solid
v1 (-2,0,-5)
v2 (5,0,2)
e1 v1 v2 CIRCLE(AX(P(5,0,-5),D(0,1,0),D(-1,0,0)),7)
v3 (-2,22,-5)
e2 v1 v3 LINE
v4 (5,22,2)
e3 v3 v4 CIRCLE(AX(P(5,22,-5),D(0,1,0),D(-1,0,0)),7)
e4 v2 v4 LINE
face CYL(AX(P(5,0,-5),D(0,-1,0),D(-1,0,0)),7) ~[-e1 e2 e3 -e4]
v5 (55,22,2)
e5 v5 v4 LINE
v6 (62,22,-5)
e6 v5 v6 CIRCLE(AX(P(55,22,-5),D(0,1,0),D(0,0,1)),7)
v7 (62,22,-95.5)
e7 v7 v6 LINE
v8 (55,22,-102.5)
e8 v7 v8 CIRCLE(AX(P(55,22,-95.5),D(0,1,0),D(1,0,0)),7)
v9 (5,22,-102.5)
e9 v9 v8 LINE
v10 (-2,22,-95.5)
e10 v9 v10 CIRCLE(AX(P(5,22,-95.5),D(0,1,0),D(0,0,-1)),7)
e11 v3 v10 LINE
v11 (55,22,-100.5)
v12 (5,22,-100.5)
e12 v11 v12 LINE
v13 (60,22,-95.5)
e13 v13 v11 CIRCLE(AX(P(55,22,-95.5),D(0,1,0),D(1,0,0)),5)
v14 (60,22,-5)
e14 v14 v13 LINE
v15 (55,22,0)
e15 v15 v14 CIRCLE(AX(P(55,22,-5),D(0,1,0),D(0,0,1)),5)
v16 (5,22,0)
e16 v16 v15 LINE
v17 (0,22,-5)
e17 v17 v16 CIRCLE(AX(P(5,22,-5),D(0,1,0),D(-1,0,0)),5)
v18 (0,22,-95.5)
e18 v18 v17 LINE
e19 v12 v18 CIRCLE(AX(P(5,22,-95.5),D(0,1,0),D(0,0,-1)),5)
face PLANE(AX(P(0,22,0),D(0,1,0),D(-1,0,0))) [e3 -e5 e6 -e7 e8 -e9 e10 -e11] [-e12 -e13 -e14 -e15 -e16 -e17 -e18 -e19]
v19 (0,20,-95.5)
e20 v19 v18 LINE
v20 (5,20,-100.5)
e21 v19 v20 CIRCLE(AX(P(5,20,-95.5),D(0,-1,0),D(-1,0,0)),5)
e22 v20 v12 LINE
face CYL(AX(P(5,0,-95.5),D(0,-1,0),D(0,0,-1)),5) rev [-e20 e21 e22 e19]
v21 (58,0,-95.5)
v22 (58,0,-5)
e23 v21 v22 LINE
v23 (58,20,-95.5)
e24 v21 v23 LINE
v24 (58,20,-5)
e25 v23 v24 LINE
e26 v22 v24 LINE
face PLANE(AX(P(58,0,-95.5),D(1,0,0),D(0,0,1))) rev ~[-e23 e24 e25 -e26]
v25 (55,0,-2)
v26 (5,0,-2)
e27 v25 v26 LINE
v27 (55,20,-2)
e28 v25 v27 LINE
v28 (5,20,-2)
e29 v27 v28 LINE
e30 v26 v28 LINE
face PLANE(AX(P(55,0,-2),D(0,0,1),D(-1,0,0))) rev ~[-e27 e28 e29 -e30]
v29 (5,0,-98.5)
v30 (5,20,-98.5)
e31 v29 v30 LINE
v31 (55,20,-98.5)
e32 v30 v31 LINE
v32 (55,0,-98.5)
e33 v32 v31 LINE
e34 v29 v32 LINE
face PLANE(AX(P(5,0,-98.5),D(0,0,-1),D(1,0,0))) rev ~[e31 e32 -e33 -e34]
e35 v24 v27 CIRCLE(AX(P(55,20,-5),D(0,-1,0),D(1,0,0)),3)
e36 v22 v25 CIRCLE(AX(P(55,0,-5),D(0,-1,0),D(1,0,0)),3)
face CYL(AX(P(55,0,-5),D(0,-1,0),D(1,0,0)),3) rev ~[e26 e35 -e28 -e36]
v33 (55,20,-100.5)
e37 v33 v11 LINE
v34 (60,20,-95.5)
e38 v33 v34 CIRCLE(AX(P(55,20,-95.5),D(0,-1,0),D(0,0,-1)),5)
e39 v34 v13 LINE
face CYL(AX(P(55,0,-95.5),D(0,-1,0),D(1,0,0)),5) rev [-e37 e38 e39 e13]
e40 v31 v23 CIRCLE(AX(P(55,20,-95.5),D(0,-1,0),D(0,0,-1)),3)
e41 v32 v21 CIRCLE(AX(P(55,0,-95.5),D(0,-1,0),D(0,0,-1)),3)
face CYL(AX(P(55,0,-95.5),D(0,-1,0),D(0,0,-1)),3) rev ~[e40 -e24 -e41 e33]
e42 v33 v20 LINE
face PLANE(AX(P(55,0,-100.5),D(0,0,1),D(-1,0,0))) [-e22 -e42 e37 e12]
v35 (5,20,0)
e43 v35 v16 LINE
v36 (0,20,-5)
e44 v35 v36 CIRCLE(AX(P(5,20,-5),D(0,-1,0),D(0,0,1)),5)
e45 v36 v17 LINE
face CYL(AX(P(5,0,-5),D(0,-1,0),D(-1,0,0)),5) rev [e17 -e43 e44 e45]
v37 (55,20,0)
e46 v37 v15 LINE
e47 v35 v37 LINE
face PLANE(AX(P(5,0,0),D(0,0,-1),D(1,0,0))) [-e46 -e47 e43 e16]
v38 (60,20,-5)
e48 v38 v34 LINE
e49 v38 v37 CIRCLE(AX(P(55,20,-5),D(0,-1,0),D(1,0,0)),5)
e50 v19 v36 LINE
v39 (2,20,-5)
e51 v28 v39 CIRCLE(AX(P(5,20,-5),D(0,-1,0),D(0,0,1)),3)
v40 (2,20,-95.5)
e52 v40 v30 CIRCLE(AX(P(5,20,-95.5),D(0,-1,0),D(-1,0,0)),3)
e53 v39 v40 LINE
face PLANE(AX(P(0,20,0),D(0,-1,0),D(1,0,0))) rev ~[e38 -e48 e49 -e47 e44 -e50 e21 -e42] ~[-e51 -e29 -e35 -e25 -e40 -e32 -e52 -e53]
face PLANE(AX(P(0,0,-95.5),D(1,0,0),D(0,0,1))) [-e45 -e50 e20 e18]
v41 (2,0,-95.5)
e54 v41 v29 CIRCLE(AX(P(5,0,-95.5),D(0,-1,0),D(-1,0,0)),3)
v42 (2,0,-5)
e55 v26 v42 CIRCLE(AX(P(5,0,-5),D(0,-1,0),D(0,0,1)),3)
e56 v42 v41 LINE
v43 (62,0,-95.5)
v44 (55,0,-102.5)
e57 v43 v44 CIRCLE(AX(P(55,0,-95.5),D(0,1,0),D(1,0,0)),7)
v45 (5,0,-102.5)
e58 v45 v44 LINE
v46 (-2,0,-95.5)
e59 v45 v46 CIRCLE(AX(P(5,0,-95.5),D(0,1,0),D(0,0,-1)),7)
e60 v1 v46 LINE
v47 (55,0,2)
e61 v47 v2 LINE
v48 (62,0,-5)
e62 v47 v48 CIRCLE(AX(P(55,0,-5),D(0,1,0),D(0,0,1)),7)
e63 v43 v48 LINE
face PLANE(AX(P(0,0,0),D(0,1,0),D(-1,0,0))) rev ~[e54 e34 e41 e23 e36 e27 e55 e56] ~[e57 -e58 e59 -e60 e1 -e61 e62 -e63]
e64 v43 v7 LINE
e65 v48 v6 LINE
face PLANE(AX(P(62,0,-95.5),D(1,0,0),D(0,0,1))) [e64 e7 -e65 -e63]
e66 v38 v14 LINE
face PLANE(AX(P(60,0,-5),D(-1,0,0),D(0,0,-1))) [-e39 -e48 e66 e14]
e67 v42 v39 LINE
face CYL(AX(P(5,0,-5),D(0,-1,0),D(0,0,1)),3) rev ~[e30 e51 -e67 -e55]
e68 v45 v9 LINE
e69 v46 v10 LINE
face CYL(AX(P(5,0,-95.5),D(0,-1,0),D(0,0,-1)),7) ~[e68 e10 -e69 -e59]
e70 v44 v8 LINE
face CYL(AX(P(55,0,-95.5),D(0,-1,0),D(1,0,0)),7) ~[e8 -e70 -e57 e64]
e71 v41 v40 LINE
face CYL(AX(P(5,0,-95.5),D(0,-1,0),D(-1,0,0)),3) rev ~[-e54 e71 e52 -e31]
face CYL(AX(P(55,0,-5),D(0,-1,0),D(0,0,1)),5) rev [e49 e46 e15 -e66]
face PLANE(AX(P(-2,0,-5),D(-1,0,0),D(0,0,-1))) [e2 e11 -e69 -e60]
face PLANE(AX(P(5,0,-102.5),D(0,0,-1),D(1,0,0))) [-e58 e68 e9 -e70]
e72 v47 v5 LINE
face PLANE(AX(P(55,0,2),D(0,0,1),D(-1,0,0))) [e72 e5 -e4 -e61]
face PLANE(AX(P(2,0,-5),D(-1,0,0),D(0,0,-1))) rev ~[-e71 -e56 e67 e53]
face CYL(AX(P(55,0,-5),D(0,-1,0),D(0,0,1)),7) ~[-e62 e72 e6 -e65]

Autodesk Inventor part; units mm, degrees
ref_plane "YZ Plane" through (0, 0, 0) normal (1, 0, 0) x (0, 1, 0)
ref_plane "XZ Plane" through (0, 0, 0) normal (0, 1, 0) x (-1, 0, 0)
ref_plane "XY Plane" through (0, 0, 0) normal (0, 0, 1) x (1, 0, 0)
sketch "Sketch1" plane through (0, 0, 0) normal (0, 1, 0) x (-1, 0, 0)
  line L0 (-5, 0) -> (-55, 0)
  line L1 (-60, -5) -> (-60, -95.5)
  line L2 (-55, -100.5) -> (-5, -100.5)
  line L3 (0, -95.5) -> (0, -5)
  arc A0 (-5, -100.5) -> (0, -95.5) centre (-5, -95.5) ccw
  arc A1 (-60, -95.5) -> (-55, -100.5) centre (-55, -95.5) ccw
  arc A2 (-55, 0) -> (-60, -5) centre (-55, -5) ccw
  arc A3 (0, -5) -> (-5, 0) centre (-5, -5) ccw
  line L4 (-62, -95.5) -> (-62, -5)
  arc A4 (-55, 2) -> (-62, -5) centre (-55, -5) ccw
  line L5 (-55, 2) -> (-5, 2)
  arc A5 (2, -5) -> (-5, 2) centre (-5, -5) ccw
  line L6 (2, -5) -> (2, -95.5)
  arc A6 (-5, -102.5) -> (2, -95.5) centre (-5, -95.5) ccw
  line L7 (-5, -102.5) -> (-55, -102.5)
  arc A7 (-62, -95.5) -> (-55, -102.5) centre (-55, -95.5) ccw
  point P0 (0, 0)
  point P1 (-60, -100.5)
  point P2 (-60, 0)
  point P3 (0, -100.5)
  dimension "d0" = 60
  dimension "d1" = 100.5
  dimension "d2" = 5
  dimension "d3" = 2
extrude "Extrusion1" add sketch "Sketch1" along normal blind 22
sketch "Sketch3" plane through (0, 0, 0) normal (0, -1, 0) x (1, 0, 0)
  line L0 (5, 0) -> (55, 0)
  line L1 (60, -5) -> (60, -95.5)
  line L2 (55, -100.5) -> (5, -100.5)
  line L3 (0, -95.5) -> (0, -5)
  arc A0 (5, 0) -> (0, -5) centre (5, -5) ccw
  arc A1 (0, -95.5) -> (5, -100.5) centre (5, -95.5) ccw
  arc A2 (55, -100.5) -> (60, -95.5) centre (55, -95.5) ccw
  arc A3 (60, -5) -> (55, 0) centre (55, -5) ccw
  line L4 (2, -5) -> (2, -95.5)
  arc A4 (2, -95.5) -> (5, -98.5) centre (5, -95.5) ccw
  line L5 (5, -98.5) -> (55, -98.5)
  arc A5 (55, -98.5) -> (58, -95.5) centre (55, -95.5) ccw
  line L6 (58, -95.5) -> (58, -5)
  arc A6 (58, -5) -> (55, -2) centre (55, -5) ccw
  line L7 (55, -2) -> (5, -2)
  arc A7 (5, -2) -> (2, -5) centre (5, -5) ccw
  point P0 (0, 0)
  point P1 (60, -100.5)
  point P2 (60, 0)
  point P3 (0, -100.5)
  dimension "d12" = 60
  dimension "d13" = 100.5
  dimension "d14" = 5
  dimension "d15" = 2
extrude "Extrusion3" add sketch "Sketch3" against normal blind 20
properties part number "cover"
